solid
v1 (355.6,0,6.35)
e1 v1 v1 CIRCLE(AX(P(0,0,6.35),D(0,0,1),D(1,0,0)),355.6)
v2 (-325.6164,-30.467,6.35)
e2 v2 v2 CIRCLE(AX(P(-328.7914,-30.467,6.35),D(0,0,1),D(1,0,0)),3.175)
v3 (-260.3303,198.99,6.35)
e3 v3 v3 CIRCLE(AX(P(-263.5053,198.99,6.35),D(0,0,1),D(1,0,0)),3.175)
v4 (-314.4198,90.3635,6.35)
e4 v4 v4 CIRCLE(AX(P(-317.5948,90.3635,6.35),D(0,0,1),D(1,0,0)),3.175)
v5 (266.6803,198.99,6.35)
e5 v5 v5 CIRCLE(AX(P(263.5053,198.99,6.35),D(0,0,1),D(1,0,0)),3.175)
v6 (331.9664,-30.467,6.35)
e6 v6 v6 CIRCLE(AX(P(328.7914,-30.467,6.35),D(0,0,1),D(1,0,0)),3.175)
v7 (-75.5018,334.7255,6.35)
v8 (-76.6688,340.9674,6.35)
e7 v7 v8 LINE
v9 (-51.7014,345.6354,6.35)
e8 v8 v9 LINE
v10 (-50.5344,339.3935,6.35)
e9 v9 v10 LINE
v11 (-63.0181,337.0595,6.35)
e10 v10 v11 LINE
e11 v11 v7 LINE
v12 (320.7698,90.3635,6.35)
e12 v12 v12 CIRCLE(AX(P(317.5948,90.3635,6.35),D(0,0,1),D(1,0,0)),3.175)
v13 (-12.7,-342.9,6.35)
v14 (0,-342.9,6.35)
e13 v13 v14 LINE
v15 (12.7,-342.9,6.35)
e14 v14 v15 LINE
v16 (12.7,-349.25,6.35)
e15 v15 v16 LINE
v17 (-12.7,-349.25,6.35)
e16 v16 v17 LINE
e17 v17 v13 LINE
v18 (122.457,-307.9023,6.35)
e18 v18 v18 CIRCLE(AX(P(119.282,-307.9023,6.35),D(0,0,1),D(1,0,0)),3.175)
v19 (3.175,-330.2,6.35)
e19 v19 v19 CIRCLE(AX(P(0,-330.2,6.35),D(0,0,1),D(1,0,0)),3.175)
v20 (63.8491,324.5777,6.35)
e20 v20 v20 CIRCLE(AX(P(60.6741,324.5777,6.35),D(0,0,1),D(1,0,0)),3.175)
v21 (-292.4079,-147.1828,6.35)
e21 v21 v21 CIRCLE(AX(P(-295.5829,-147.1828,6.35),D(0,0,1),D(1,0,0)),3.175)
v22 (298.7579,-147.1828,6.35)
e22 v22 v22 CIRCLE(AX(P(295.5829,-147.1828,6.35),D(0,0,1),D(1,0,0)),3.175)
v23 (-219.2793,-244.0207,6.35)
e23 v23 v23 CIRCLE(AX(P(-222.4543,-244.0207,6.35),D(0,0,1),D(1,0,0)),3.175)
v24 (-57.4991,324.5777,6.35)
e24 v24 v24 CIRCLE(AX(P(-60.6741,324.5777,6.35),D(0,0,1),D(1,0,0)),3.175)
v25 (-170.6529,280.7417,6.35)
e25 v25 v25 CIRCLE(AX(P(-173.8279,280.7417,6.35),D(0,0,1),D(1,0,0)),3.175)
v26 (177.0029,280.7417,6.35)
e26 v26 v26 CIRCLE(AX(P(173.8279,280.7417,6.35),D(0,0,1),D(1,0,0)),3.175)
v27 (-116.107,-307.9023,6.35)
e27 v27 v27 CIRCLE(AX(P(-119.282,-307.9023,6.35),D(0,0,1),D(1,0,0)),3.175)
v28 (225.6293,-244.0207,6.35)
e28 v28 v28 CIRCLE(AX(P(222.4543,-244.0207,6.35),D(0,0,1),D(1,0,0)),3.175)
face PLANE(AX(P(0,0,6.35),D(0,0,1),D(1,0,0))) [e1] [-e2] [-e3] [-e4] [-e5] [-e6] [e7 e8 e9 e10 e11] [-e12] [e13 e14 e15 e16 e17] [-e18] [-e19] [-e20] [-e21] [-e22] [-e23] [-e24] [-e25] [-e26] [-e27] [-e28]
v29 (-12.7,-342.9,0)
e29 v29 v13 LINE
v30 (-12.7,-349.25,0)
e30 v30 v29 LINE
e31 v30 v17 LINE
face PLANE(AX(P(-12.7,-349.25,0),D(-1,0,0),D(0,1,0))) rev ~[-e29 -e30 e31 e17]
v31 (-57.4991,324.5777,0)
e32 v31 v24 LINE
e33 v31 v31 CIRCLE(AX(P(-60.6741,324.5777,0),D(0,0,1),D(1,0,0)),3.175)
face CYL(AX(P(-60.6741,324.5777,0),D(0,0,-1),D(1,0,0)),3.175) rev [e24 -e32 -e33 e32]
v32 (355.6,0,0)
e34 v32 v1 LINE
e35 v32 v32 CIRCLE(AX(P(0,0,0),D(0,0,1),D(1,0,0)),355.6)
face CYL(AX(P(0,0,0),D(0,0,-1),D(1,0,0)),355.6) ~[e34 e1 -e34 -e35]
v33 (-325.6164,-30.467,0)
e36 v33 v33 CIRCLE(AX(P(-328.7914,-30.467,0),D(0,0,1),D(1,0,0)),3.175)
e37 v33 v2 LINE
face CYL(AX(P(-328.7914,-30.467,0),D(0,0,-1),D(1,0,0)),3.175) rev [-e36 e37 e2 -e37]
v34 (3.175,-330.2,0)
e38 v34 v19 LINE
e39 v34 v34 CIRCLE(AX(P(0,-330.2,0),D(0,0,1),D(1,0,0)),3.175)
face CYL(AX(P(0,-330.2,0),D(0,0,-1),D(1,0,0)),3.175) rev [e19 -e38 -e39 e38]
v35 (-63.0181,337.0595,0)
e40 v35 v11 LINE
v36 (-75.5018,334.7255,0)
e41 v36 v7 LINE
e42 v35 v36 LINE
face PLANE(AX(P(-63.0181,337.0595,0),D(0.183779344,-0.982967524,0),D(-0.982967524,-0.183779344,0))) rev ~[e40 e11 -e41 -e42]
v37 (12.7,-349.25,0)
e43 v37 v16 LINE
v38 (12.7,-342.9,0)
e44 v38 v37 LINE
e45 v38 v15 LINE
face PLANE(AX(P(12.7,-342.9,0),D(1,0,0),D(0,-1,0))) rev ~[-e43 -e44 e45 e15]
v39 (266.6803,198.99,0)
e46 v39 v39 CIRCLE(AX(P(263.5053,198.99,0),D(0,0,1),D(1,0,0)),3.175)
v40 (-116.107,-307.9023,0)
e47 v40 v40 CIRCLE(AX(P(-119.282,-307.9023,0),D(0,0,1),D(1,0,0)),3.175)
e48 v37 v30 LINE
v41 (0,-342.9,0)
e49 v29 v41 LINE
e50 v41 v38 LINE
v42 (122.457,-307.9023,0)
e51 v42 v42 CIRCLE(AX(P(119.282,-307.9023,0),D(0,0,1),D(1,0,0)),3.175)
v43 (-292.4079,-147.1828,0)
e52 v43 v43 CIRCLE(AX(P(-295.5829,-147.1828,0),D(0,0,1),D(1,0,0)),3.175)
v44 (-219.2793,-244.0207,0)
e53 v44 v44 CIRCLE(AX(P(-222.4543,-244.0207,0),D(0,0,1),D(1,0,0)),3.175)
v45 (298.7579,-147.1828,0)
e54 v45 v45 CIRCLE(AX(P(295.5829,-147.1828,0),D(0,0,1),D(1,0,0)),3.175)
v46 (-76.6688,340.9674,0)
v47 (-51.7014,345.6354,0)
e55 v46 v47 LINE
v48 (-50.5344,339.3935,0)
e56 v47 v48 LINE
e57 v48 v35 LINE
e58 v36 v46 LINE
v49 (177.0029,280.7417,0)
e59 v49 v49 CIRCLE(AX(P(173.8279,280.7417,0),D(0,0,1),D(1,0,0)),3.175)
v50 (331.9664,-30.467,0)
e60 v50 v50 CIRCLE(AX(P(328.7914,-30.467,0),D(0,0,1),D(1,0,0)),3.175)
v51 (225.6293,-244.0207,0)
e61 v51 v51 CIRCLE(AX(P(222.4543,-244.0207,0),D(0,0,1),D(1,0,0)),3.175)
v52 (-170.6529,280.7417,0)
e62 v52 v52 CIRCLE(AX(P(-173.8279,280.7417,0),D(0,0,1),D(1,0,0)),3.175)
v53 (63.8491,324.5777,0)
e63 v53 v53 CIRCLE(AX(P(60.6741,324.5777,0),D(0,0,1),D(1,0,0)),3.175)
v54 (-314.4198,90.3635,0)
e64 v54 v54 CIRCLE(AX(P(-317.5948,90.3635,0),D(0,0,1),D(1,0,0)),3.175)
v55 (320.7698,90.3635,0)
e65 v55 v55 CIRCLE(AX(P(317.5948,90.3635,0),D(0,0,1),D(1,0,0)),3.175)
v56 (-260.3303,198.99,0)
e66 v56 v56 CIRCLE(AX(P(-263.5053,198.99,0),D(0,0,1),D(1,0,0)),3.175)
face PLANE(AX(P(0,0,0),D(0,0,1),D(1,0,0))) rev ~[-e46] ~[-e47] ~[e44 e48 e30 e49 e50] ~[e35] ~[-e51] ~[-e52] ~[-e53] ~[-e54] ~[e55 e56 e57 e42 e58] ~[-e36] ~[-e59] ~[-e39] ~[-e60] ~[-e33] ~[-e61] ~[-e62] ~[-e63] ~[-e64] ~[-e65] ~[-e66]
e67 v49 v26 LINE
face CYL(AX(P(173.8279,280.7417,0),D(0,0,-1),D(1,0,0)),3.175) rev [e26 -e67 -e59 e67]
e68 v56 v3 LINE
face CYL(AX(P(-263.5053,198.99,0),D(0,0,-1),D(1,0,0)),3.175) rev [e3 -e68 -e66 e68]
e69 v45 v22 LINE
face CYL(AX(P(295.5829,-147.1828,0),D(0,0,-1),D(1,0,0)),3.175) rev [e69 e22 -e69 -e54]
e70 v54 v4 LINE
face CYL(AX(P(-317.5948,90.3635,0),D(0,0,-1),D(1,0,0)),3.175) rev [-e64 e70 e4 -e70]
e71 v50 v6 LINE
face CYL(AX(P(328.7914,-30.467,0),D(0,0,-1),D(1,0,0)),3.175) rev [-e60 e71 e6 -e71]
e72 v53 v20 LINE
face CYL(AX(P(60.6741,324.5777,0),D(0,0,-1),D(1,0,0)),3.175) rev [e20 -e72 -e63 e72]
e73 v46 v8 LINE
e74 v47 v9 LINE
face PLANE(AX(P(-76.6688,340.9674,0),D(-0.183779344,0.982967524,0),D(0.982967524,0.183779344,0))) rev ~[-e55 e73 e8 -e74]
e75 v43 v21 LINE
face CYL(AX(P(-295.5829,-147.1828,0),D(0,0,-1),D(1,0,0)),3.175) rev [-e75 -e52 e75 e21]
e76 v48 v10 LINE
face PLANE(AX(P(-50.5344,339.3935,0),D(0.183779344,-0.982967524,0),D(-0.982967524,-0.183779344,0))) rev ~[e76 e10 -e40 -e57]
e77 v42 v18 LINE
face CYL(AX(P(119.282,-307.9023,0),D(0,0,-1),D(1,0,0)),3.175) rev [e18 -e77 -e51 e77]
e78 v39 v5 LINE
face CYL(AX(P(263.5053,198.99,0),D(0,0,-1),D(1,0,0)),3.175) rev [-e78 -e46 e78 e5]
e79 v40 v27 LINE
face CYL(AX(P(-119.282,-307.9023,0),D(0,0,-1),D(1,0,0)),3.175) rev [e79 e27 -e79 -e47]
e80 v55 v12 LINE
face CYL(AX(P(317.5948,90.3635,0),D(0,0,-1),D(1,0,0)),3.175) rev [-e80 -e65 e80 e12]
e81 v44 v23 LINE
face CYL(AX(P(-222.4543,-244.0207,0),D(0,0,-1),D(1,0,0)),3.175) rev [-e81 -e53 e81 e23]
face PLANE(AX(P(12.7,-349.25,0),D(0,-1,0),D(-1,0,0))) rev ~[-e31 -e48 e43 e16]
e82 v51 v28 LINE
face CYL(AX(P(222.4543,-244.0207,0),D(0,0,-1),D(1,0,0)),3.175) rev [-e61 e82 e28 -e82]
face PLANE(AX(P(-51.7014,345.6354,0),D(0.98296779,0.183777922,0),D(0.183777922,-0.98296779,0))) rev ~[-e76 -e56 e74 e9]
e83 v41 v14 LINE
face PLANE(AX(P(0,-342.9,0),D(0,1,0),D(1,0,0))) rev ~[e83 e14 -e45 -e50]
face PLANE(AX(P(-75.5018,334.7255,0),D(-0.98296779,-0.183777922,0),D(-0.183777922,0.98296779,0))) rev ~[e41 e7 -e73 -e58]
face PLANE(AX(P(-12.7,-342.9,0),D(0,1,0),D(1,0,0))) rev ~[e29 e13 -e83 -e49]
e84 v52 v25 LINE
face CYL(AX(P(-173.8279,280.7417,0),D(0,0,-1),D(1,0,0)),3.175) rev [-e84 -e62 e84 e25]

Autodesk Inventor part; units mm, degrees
ref_plane "YZ Plane" through (0, 0, 0) normal (1, 0, 0) x (0, 1, 0)
ref_plane "XZ Plane" through (0, 0, 0) normal (0, 1, 0) x (-1, 0, 0)
ref_plane "XY Plane" through (0, 0, 0) normal (0, 0, 1) x (1, 0, 0)
sketch "Sketch1" plane through (0, 0, 0) normal (0, 0, 1) x (1, 0, 0)
  circle A0 centre (0, 0) radius 355.6
  circle A1 centre (0, -330.2) radius 3.175
  circle A2 centre (119.282, -307.9023) radius 3.175
  circle A3 centre (222.4543, -244.0207) radius 3.175
  circle A4 centre (295.5829, -147.1828) radius 3.175
  circle A5 centre (328.7914, -30.467) radius 3.175
  circle A6 centre (317.5948, 90.3635) radius 3.175
  circle A7 centre (263.5053, 198.99) radius 3.175
  circle A8 centre (173.8279, 280.7417) radius 3.175
  circle A9 centre (60.6741, 324.5777) radius 3.175
  circle A10 centre (-60.6741, 324.5777) radius 3.175
  circle A11 centre (-173.8279, 280.7417) radius 3.175
  circle A12 centre (-263.5053, 198.99) radius 3.175
  circle A13 centre (-317.5948, 90.3635) radius 3.175
  circle A14 centre (-328.7914, -30.467) radius 3.175
  circle A15 centre (-295.5829, -147.1828) radius 3.175
  circle A16 centre (-222.4543, -244.0207) radius 3.175
  circle A17 centre (-119.282, -307.9023) radius 3.175
  line L0 (0, -342.9) -> (12.7, -342.9)
  line L1 (12.7, -342.9) -> (12.7, -349.25)
  line L2 (12.7, -349.25) -> (-12.7, -349.25)
  line L3 (-12.7, -349.25) -> (-12.7, -342.9)
  line L4 (-12.7, -342.9) -> (0, -342.9)
  line L5 (-75.5018, 334.7255) -> (-76.6688, 340.9674)
  line L6 (-63.0181, 337.0595) -> (-75.5018, 334.7255)
  line L7 (-50.5344, 339.3935) -> (-63.0181, 337.0595)
  line L8 (-76.6688, 340.9674) -> (-51.7014, 345.6354)
  line L9 (-51.7014, 345.6354) -> (-50.5344, 339.3935)
  dimension "d0" = 711.2
  dimension "d2" = 6.35
  dimension "d5" = 360
  dimension "d7" = 12.7
  dimension "d8" = 6.35
  dimension "d9" = 25.4
extrude "Extrusion1" add sketch "Sketch1" along normal blind 6.35
properties part number "laser circle3d back"
